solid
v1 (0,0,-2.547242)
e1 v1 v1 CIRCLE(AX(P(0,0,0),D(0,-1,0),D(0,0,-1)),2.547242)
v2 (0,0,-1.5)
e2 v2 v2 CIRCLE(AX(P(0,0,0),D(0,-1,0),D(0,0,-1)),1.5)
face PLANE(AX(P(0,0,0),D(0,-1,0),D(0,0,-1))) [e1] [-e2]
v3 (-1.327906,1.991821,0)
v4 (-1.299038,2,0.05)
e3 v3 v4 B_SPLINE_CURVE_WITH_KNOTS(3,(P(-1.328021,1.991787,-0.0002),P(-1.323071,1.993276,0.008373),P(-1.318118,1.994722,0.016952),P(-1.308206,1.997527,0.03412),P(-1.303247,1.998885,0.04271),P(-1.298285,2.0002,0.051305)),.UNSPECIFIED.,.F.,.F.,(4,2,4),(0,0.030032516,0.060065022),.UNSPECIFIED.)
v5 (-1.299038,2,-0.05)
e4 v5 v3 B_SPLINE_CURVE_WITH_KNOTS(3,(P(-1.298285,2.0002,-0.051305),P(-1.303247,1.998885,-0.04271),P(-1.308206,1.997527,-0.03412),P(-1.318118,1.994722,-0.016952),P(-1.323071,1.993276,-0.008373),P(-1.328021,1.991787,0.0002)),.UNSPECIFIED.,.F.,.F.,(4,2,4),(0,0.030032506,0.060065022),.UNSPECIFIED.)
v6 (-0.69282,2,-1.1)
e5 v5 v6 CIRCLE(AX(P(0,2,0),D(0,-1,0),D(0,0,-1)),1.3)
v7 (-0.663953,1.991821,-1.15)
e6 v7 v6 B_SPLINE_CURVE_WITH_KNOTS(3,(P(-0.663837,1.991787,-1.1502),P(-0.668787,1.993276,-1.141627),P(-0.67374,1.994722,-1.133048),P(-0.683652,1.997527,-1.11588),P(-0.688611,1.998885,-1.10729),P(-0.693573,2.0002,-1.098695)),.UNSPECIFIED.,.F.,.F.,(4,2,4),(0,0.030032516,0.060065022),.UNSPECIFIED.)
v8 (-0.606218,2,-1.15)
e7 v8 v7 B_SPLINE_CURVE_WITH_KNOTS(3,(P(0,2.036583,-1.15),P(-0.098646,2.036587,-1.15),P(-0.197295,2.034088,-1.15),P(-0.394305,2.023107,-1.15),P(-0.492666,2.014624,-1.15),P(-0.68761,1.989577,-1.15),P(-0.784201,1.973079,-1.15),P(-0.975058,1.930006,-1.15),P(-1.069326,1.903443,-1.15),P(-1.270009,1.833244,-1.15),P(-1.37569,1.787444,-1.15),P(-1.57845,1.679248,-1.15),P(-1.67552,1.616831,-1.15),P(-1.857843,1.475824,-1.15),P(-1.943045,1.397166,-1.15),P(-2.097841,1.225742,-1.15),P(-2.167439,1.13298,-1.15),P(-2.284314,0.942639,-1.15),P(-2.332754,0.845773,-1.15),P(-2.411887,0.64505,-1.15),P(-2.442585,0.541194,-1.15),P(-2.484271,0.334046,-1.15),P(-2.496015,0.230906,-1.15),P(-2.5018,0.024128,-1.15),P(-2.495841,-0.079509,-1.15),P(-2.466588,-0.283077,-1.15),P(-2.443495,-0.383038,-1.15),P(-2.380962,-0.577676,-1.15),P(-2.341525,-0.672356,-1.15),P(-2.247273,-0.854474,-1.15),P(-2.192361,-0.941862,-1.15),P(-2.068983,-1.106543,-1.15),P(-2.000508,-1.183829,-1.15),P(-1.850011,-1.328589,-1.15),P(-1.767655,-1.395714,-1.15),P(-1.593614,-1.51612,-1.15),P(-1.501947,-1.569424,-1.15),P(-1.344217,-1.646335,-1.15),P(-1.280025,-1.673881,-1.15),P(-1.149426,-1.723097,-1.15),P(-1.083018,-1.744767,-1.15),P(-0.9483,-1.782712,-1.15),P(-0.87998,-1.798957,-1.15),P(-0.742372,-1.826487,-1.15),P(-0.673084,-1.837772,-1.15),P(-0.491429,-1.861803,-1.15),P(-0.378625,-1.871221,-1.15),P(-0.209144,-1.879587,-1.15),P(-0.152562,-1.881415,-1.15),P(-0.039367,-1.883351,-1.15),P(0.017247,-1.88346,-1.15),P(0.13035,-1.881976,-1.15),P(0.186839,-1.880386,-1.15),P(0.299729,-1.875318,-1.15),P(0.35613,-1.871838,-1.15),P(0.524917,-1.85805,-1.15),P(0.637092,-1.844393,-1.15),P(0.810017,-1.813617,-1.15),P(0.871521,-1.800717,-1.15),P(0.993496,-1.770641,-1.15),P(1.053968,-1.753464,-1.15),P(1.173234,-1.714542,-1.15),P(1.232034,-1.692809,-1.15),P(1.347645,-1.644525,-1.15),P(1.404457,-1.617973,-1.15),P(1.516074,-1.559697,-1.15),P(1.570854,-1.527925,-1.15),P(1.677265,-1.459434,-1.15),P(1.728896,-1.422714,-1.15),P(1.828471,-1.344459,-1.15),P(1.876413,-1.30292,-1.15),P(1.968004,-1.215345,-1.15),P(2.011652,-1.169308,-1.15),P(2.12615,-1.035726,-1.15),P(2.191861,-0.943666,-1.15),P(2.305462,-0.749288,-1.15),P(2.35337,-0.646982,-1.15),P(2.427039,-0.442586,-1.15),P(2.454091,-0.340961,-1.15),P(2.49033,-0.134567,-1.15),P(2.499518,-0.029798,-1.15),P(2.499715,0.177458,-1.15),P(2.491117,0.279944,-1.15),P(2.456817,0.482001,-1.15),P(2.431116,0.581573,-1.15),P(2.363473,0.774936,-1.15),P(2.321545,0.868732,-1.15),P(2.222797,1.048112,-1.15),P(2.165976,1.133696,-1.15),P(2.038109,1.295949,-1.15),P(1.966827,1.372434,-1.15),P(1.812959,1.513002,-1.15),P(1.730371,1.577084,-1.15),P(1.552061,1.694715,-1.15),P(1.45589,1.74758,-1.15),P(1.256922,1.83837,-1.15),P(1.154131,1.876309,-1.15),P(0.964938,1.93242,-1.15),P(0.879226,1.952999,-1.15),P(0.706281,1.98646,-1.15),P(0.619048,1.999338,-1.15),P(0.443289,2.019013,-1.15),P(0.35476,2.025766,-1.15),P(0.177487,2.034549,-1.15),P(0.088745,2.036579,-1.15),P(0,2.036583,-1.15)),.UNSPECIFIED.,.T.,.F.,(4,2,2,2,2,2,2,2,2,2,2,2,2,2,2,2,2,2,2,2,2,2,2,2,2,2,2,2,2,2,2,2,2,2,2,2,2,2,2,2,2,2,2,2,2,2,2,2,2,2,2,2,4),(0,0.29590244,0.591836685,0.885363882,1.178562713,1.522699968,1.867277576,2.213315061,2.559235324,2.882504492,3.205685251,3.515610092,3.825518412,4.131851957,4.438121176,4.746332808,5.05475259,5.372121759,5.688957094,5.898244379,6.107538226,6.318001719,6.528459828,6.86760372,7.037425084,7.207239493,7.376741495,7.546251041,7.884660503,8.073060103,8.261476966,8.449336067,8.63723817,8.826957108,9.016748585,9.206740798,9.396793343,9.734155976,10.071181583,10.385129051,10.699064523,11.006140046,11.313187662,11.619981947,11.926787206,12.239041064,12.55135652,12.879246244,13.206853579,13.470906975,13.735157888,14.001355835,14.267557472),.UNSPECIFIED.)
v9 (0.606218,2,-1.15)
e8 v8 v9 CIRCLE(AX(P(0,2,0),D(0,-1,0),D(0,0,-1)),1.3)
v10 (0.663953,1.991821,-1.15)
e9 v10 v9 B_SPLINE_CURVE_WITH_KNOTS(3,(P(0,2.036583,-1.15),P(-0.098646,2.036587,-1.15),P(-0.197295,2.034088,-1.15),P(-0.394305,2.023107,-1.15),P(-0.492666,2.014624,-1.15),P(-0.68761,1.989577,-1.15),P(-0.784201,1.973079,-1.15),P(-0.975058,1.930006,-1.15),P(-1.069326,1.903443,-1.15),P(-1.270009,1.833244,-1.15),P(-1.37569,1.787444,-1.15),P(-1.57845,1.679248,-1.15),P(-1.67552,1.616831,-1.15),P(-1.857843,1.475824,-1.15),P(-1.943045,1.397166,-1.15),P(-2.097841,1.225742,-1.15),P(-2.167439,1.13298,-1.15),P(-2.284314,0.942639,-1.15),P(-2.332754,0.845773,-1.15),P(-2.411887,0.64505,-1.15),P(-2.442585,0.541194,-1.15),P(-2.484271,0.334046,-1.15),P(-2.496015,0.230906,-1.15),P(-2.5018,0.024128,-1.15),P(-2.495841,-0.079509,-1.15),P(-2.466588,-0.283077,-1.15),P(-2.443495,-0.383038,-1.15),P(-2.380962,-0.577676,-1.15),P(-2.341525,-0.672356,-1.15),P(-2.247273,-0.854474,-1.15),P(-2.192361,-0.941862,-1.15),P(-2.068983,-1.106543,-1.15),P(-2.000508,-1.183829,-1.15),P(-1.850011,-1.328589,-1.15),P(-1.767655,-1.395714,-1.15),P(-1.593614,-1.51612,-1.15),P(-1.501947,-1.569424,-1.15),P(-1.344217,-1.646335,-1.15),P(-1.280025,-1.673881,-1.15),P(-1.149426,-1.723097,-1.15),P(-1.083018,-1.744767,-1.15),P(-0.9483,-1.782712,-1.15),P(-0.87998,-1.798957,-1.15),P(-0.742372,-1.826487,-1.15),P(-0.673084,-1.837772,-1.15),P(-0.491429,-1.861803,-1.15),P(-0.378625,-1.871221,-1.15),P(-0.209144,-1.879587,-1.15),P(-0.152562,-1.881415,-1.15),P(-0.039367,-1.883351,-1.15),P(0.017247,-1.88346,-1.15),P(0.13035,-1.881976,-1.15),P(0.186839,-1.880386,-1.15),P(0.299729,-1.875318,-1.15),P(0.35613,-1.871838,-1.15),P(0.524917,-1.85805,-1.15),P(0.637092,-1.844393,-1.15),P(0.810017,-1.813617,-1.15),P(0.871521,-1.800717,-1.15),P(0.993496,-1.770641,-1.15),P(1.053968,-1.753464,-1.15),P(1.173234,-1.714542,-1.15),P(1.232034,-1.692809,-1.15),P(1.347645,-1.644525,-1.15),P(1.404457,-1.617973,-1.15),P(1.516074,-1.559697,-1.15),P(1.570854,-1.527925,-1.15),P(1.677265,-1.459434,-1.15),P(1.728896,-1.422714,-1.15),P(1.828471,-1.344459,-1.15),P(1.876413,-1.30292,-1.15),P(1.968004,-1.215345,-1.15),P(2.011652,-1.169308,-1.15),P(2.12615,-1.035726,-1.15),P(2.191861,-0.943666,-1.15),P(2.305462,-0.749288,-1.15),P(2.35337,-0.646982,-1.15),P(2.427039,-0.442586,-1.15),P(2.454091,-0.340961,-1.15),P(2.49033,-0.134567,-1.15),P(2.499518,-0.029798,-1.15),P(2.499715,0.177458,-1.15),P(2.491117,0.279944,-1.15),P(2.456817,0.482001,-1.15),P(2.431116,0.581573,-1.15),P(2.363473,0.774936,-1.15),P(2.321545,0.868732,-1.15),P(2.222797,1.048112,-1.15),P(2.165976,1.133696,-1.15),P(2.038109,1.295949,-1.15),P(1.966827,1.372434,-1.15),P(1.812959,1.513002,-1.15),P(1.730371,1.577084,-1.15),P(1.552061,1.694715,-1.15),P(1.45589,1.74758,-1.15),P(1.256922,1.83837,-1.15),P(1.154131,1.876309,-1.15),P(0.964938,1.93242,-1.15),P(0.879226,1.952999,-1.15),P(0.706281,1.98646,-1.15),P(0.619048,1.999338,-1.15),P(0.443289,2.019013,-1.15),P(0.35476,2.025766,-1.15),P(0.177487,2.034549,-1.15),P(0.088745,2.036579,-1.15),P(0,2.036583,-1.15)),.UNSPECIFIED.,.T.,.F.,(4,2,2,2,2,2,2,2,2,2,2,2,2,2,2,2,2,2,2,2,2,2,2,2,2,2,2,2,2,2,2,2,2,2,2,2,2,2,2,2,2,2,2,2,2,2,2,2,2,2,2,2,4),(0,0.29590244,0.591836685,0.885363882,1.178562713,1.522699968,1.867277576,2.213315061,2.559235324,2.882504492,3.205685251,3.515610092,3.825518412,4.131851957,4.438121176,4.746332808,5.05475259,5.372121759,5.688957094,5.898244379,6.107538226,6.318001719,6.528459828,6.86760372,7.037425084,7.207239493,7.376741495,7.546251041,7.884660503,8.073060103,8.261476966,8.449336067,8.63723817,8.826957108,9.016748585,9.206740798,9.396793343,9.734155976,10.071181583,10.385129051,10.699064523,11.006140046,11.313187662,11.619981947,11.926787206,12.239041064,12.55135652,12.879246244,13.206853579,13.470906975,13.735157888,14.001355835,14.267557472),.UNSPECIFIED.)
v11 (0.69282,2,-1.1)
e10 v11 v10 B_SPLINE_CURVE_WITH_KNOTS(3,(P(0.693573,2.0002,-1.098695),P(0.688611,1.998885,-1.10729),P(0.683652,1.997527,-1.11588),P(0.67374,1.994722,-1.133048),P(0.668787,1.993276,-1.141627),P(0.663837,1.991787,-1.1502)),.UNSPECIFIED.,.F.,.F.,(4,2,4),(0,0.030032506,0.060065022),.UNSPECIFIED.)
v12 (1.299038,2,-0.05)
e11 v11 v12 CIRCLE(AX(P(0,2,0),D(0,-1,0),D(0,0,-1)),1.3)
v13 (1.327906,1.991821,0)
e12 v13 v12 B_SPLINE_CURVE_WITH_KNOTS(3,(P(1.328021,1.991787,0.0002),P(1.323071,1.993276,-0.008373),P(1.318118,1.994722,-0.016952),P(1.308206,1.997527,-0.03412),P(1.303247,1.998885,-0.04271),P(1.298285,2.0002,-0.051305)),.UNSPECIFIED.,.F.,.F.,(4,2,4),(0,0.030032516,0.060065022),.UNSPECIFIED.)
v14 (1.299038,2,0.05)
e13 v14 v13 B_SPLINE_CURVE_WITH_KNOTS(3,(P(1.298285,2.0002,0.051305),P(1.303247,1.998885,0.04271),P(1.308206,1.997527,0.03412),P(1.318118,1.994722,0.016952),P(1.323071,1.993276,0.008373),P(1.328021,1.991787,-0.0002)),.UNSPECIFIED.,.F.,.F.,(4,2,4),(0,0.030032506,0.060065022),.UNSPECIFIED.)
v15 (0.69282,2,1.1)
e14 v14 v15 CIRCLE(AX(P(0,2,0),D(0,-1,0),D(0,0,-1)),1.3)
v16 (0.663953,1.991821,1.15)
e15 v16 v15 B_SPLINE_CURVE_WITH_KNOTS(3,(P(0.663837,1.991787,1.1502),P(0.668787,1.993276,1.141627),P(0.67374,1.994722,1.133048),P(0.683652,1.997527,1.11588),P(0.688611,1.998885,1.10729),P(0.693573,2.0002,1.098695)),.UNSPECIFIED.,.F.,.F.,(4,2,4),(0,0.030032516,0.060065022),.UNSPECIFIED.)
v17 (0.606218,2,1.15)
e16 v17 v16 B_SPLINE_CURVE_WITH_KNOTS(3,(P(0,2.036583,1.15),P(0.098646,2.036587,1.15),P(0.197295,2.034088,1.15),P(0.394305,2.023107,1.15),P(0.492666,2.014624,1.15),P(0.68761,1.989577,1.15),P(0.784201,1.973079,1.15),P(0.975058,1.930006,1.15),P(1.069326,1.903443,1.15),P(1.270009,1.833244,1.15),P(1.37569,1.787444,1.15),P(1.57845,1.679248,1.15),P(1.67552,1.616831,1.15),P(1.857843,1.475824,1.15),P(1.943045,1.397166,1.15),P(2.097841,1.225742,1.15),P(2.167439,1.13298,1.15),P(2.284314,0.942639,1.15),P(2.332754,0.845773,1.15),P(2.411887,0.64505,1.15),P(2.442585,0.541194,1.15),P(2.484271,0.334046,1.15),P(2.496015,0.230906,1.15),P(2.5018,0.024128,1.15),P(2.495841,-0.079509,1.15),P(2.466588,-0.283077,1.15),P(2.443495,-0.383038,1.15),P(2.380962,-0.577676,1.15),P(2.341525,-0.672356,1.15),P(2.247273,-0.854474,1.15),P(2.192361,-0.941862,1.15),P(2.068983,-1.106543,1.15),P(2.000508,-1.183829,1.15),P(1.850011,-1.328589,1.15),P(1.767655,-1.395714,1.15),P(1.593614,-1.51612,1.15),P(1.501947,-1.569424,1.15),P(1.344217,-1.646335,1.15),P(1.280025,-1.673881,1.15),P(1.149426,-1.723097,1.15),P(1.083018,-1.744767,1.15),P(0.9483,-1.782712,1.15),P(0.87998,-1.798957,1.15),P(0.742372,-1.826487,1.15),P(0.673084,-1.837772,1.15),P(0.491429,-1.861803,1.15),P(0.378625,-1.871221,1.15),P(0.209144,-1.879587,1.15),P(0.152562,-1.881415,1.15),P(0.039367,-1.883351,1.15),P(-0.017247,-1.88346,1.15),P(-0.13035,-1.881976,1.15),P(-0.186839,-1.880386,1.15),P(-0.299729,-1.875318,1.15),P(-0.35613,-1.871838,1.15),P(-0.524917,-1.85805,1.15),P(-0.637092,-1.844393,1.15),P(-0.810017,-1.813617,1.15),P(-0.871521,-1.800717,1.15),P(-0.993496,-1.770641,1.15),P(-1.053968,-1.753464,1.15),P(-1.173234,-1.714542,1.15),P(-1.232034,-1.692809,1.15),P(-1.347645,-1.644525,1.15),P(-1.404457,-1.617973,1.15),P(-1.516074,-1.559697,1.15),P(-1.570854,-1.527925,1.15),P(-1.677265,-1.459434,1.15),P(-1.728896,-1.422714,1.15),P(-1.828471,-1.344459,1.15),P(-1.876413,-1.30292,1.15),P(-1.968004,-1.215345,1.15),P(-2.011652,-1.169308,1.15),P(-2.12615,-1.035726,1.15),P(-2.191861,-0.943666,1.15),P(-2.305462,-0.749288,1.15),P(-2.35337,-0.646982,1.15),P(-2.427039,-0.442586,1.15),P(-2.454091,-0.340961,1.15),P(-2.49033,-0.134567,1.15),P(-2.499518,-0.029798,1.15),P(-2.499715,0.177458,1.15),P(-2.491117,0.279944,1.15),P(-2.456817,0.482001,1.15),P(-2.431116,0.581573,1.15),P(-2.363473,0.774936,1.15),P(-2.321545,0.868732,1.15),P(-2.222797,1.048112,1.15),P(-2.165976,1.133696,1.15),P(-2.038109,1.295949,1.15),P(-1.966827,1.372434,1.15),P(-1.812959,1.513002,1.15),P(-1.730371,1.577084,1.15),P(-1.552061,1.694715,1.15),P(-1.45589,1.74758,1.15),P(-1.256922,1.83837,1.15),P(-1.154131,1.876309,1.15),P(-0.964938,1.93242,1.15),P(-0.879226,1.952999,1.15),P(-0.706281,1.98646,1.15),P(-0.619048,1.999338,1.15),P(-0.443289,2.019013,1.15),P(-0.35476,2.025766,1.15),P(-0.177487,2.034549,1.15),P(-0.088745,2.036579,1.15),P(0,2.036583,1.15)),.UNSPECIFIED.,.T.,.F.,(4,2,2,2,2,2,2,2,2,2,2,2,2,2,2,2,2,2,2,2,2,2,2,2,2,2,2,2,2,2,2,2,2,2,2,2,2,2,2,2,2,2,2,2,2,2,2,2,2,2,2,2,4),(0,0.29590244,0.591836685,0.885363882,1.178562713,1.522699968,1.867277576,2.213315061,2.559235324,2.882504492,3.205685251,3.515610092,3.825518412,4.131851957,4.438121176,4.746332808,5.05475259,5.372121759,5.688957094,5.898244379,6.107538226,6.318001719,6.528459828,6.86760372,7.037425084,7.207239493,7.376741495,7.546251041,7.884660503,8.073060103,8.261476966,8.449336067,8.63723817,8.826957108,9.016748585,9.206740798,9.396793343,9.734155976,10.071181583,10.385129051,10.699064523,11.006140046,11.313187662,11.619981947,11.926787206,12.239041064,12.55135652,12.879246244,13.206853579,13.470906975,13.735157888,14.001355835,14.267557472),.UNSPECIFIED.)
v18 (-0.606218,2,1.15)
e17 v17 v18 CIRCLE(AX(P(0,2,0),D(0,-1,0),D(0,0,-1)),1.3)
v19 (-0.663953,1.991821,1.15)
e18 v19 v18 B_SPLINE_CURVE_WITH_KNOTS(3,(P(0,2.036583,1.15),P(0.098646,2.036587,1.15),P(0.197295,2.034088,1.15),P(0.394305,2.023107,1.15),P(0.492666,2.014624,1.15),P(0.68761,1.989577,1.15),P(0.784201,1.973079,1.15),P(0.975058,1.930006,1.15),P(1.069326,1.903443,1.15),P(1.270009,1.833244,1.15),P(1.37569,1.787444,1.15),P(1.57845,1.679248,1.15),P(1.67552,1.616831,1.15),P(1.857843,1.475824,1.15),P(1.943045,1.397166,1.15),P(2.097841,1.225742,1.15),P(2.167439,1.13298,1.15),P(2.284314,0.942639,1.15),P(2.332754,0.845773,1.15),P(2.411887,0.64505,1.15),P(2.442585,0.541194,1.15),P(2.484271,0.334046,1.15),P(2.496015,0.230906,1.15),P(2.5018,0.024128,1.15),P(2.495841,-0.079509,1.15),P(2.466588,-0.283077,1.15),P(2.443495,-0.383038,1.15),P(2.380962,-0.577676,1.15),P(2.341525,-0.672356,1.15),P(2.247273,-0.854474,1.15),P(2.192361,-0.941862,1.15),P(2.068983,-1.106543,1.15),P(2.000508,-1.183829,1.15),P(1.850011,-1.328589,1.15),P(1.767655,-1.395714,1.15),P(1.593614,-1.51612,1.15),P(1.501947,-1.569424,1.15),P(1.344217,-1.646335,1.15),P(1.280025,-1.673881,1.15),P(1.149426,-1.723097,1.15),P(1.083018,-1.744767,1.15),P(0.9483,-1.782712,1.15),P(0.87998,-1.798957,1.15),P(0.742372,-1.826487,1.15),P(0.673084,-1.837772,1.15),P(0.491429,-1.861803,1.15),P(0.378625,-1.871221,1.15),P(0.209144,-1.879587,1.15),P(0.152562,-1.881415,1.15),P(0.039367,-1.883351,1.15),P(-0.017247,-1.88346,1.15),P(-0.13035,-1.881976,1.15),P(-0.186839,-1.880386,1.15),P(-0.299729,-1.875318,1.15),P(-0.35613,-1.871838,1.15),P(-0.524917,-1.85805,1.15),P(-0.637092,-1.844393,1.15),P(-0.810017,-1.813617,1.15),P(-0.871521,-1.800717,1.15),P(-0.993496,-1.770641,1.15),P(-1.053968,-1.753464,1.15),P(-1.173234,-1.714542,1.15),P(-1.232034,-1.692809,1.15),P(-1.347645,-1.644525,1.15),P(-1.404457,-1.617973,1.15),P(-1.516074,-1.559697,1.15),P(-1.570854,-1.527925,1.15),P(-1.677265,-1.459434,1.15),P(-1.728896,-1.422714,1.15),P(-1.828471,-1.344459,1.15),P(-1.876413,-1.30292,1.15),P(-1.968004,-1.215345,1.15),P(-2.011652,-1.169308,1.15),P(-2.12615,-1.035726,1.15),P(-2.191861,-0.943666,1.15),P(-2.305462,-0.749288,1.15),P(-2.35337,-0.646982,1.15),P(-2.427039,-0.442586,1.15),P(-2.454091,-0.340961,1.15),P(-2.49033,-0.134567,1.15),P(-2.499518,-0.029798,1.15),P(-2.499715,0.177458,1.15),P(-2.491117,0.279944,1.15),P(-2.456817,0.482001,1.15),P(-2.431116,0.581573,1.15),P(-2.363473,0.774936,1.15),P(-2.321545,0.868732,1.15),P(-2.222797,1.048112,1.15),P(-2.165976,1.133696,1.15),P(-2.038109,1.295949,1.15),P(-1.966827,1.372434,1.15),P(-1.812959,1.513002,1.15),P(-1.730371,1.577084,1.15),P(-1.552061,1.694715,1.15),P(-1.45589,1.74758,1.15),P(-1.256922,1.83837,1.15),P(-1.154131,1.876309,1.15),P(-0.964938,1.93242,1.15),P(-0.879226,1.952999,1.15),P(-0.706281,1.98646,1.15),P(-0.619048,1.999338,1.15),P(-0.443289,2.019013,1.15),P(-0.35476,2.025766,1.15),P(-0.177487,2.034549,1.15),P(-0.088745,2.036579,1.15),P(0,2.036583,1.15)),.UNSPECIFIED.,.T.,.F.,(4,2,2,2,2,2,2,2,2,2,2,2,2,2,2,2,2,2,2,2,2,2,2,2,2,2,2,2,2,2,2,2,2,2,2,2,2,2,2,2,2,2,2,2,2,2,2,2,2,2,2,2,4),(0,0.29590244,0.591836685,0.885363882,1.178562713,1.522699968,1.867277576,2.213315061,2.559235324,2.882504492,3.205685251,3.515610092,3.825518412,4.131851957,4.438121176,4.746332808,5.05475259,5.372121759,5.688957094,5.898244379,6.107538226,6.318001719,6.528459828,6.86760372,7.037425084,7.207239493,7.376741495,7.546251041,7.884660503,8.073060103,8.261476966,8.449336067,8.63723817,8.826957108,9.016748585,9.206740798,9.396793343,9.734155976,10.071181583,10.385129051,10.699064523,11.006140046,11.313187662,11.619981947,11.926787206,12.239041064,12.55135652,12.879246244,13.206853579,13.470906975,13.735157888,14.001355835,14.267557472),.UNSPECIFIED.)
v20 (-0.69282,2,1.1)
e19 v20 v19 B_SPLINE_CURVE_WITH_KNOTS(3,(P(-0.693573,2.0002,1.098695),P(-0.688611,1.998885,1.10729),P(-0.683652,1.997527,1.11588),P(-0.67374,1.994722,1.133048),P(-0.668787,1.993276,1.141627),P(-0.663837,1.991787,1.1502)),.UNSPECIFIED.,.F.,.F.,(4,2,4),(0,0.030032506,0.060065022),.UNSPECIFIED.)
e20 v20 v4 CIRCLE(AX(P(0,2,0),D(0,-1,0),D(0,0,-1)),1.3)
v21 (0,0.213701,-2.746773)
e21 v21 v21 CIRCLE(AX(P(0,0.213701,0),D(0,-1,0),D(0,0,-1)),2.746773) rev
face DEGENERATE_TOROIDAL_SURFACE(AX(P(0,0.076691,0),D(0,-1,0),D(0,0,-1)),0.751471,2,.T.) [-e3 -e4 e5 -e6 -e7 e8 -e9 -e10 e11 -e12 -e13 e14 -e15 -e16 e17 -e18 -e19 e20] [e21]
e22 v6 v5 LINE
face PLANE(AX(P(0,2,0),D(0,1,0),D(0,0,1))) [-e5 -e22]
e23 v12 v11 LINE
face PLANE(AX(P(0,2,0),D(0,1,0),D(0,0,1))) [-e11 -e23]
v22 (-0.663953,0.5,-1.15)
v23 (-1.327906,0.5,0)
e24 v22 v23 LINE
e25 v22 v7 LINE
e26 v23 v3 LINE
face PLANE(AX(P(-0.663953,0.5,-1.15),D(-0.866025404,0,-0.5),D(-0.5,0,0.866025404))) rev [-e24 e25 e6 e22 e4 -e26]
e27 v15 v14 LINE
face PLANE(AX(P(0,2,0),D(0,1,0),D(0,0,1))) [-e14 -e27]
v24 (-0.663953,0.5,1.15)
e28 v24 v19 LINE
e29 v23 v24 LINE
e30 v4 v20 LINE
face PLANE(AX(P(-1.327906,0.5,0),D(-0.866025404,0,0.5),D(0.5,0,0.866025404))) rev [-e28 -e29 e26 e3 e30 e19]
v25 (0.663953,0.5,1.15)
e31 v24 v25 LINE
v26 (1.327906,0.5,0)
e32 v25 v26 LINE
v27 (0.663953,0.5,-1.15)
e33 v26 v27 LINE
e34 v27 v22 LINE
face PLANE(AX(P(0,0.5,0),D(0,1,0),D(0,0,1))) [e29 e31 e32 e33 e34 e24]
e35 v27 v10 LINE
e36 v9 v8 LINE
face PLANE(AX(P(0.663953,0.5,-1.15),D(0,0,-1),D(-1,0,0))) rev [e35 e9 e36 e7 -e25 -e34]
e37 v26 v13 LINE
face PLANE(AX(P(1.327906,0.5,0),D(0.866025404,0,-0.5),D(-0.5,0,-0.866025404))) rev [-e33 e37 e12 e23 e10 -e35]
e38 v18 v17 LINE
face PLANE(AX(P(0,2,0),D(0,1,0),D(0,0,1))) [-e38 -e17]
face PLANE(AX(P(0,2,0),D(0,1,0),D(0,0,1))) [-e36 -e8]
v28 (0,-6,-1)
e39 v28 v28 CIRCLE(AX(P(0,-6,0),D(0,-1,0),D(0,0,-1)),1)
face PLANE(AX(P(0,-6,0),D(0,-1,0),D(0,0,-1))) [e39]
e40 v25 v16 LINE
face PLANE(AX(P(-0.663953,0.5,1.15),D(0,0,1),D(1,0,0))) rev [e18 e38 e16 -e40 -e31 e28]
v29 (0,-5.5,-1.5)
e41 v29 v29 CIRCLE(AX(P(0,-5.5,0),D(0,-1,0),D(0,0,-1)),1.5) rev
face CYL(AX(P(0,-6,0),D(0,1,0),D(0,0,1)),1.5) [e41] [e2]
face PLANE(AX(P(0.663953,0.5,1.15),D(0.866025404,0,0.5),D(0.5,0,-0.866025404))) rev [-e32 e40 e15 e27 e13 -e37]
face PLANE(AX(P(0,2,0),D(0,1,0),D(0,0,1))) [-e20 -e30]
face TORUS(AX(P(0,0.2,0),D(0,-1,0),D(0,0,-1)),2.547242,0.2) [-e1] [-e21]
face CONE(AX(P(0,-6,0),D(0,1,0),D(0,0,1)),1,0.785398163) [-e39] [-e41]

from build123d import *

# Parameters (mm, degrees)
FILLET_1_R          = 0.2
CUT_EXTRUDE_1_DEPTH = 1.5
SKETCH_3_R          = 1.5
EXTRUDE_1_DEPTH     = 6
CHAMFER_1_SIZE      = 0.5


with BuildPart() as part:
    # 草图1 → 旋转1 (revolve)
    with BuildSketch(Plane.XY):
        with BuildLine():
            Line((0, 0), (0, 2))
            Line((0, 2), (1.3, 2))
            ThreePointArc((1.3, 2), (2.370691821, 1.250626571), (2.75, 0))
            Line((2.75, 0), (0, 0))
        make_face()
    revolve(axis=Axis((0, 0, 0), (0, 1, 0)))

    # 圆角1
    fillet_1_edges = [part.edges().sort_by_distance(p)[0] for p in [
        (-2.75, 0, 0),
    ]]
    fillet(fillet_1_edges, radius=FILLET_1_R)

    # 草图2 → 切除-拉伸1 (cut)
    with BuildSketch(Plane(origin=(0, 2, 0), x_dir=(1, 0, 0), z_dir=(0, 1, 0))):
        Polygon((1.327905619, 0), (0.66395281, 1.15), (-0.66395281, 1.15), (-1.327905619, 0), (-0.66395281, -1.15), (0.66395281, -1.15), align=None)
    extrude(amount=-CUT_EXTRUDE_1_DEPTH, mode=Mode.SUBTRACT)

    # 草图3 → 凸台-拉伸1 (add)
    with BuildSketch(Plane.XZ):
        Circle(SKETCH_3_R)
    extrude(amount=EXTRUDE_1_DEPTH)

    # 倒角1
    chamfer_1_edges = [part.edges().sort_by_distance(p)[0] for p in [
        (-1.5, -6, 0),
    ]]
    chamfer(chamfer_1_edges, length=CHAMFER_1_SIZE)


solid = part.part
